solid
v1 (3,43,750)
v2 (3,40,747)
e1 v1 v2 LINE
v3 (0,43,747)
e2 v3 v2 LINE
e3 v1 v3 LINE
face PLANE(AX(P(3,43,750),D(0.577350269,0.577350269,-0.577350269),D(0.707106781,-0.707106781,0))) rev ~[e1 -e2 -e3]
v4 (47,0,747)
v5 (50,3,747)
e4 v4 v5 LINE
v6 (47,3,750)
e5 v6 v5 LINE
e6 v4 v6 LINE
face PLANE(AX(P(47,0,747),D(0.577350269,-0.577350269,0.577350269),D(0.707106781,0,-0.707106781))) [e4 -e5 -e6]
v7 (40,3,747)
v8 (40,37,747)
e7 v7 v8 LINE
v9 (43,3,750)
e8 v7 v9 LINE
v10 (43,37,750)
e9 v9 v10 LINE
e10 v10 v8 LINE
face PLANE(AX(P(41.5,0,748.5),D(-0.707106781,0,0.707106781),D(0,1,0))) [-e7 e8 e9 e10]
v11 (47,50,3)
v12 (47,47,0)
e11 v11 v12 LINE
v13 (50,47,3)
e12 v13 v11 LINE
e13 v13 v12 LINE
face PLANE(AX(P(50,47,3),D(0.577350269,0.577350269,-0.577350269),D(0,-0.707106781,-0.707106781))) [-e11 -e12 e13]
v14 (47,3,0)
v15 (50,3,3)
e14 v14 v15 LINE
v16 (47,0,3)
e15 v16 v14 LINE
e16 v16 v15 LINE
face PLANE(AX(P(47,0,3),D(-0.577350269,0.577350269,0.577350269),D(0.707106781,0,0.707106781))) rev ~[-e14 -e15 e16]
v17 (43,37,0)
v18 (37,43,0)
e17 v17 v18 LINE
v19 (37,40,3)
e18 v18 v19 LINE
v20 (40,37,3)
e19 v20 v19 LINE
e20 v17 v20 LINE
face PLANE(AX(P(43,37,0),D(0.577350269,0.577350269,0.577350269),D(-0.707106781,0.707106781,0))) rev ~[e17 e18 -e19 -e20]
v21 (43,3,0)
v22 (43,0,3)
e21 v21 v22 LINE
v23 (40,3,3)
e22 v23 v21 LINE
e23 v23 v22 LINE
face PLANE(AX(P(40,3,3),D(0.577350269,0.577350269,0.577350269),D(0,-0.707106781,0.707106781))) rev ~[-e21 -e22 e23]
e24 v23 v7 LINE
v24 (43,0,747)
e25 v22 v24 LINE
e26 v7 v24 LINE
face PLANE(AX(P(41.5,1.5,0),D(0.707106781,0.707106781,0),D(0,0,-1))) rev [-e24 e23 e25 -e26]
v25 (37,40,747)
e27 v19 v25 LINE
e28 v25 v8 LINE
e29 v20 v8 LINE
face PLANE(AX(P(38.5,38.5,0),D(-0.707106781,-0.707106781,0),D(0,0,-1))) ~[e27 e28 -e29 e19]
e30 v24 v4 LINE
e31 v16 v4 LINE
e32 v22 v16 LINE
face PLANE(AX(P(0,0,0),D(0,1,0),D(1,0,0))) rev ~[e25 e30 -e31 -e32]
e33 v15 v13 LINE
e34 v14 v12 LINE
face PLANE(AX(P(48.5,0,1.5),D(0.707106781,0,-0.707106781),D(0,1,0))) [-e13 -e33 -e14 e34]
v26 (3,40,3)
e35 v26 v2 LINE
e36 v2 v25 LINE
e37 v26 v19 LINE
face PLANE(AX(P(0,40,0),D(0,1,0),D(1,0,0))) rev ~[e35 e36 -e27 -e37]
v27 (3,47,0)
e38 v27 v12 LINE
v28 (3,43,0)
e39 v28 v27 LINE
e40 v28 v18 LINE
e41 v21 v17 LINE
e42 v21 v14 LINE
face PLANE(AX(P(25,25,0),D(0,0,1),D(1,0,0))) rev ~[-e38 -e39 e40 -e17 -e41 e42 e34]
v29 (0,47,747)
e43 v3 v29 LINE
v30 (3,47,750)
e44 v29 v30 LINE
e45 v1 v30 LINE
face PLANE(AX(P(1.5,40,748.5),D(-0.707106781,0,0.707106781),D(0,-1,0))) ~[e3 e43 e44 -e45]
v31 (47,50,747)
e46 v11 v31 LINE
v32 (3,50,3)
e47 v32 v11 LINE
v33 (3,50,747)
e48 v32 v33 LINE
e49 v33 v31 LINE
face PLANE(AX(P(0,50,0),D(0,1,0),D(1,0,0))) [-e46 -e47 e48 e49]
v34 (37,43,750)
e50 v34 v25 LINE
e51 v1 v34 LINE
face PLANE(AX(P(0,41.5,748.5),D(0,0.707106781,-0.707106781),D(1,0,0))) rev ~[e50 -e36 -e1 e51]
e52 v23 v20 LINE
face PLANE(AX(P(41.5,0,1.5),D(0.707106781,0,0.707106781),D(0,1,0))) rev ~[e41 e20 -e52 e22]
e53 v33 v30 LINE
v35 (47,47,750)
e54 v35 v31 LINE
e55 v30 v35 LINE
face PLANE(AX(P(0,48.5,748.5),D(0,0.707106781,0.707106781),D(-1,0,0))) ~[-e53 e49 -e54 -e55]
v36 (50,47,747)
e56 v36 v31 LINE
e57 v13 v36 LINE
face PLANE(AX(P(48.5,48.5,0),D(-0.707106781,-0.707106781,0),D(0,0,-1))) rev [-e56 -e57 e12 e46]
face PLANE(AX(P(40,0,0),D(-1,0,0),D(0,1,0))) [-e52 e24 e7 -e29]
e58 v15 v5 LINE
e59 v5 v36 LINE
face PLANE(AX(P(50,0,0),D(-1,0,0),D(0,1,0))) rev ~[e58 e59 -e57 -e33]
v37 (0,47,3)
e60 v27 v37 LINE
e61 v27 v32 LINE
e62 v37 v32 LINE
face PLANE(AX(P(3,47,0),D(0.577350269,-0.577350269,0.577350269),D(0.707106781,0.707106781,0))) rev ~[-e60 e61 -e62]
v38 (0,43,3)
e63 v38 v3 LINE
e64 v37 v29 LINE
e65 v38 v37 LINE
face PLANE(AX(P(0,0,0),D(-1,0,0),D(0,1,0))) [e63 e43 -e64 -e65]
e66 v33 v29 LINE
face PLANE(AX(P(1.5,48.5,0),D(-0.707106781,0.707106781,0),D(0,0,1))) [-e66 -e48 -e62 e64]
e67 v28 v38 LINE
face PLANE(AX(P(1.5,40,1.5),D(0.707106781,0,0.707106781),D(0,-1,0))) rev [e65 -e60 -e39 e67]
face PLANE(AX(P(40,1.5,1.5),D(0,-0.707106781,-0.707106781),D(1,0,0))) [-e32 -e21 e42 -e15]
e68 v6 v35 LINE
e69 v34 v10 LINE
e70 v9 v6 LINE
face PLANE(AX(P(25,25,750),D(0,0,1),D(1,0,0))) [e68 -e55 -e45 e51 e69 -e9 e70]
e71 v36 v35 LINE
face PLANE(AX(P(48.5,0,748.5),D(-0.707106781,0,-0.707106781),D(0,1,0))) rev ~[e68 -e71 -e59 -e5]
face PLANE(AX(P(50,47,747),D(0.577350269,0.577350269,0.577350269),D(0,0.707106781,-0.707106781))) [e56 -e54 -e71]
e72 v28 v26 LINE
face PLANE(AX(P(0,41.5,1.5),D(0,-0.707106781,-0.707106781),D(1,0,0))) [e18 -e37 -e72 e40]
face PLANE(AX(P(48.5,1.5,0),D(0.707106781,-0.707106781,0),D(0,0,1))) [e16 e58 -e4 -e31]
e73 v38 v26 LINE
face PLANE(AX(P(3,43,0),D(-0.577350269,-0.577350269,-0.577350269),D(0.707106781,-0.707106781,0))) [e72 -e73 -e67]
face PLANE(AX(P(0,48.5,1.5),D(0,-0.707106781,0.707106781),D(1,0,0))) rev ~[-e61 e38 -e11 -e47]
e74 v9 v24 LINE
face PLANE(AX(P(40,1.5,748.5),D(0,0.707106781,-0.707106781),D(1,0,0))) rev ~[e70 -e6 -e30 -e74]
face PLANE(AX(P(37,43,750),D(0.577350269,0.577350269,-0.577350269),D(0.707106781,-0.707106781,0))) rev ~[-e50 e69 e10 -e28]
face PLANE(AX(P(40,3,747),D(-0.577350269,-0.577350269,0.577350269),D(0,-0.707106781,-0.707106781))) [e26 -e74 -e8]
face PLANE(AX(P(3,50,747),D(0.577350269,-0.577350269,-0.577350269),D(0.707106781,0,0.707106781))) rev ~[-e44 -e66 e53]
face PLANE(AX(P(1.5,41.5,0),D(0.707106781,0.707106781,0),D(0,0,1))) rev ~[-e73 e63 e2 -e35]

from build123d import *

# Parameters (mm, degrees)
BOX001_W     = 40
BOX001_H     = 40
BOX001_DEPTH = 750
BOX_W        = 50
BOX_H        = 50
BOX_DEPTH    = 750
CHAMFER_SIZE = 3


with BuildPart() as cube001:
    # Box001 → Box001 (new body)
    with BuildSketch(Plane.XY):
        with Locations((20, 20)):
            Rectangle(BOX001_W, BOX001_H)
    extrude(amount=BOX001_DEPTH)


with BuildPart() as chamfer_body:
    # Box → Box (new body)
    with BuildSketch(Plane.XY):
        with Locations((25, 25)):
            Rectangle(BOX_W, BOX_H)
    extrude(amount=BOX_DEPTH)

    # Cut: cut Cube001
    add(cube001.part, mode=Mode.SUBTRACT)

    # Chamfer
    chamfer_edges = [chamfer_body.edges().sort_by_distance(p)[0] for p in [
        (0, 40, 375),
        (0, 45, 750),
        (0, 50, 375),
        (0, 45, 0),
        (20, 40, 0),
        (40, 40, 375),
        (20, 40, 750),
        (25, 50, 750),
        (50, 25, 750),
        (45, 0, 750),
        (40, 20, 750),
        (25, 50, 0),
        (50, 50, 375),
        (50, 25, 0),
        (45, 0, 0),
        (40, 20, 0),
        (40, 0, 375),
        (50, 0, 375),
    ]]
    chamfer(chamfer_edges, length=CHAMFER_SIZE)


solid = chamfer_body.part
